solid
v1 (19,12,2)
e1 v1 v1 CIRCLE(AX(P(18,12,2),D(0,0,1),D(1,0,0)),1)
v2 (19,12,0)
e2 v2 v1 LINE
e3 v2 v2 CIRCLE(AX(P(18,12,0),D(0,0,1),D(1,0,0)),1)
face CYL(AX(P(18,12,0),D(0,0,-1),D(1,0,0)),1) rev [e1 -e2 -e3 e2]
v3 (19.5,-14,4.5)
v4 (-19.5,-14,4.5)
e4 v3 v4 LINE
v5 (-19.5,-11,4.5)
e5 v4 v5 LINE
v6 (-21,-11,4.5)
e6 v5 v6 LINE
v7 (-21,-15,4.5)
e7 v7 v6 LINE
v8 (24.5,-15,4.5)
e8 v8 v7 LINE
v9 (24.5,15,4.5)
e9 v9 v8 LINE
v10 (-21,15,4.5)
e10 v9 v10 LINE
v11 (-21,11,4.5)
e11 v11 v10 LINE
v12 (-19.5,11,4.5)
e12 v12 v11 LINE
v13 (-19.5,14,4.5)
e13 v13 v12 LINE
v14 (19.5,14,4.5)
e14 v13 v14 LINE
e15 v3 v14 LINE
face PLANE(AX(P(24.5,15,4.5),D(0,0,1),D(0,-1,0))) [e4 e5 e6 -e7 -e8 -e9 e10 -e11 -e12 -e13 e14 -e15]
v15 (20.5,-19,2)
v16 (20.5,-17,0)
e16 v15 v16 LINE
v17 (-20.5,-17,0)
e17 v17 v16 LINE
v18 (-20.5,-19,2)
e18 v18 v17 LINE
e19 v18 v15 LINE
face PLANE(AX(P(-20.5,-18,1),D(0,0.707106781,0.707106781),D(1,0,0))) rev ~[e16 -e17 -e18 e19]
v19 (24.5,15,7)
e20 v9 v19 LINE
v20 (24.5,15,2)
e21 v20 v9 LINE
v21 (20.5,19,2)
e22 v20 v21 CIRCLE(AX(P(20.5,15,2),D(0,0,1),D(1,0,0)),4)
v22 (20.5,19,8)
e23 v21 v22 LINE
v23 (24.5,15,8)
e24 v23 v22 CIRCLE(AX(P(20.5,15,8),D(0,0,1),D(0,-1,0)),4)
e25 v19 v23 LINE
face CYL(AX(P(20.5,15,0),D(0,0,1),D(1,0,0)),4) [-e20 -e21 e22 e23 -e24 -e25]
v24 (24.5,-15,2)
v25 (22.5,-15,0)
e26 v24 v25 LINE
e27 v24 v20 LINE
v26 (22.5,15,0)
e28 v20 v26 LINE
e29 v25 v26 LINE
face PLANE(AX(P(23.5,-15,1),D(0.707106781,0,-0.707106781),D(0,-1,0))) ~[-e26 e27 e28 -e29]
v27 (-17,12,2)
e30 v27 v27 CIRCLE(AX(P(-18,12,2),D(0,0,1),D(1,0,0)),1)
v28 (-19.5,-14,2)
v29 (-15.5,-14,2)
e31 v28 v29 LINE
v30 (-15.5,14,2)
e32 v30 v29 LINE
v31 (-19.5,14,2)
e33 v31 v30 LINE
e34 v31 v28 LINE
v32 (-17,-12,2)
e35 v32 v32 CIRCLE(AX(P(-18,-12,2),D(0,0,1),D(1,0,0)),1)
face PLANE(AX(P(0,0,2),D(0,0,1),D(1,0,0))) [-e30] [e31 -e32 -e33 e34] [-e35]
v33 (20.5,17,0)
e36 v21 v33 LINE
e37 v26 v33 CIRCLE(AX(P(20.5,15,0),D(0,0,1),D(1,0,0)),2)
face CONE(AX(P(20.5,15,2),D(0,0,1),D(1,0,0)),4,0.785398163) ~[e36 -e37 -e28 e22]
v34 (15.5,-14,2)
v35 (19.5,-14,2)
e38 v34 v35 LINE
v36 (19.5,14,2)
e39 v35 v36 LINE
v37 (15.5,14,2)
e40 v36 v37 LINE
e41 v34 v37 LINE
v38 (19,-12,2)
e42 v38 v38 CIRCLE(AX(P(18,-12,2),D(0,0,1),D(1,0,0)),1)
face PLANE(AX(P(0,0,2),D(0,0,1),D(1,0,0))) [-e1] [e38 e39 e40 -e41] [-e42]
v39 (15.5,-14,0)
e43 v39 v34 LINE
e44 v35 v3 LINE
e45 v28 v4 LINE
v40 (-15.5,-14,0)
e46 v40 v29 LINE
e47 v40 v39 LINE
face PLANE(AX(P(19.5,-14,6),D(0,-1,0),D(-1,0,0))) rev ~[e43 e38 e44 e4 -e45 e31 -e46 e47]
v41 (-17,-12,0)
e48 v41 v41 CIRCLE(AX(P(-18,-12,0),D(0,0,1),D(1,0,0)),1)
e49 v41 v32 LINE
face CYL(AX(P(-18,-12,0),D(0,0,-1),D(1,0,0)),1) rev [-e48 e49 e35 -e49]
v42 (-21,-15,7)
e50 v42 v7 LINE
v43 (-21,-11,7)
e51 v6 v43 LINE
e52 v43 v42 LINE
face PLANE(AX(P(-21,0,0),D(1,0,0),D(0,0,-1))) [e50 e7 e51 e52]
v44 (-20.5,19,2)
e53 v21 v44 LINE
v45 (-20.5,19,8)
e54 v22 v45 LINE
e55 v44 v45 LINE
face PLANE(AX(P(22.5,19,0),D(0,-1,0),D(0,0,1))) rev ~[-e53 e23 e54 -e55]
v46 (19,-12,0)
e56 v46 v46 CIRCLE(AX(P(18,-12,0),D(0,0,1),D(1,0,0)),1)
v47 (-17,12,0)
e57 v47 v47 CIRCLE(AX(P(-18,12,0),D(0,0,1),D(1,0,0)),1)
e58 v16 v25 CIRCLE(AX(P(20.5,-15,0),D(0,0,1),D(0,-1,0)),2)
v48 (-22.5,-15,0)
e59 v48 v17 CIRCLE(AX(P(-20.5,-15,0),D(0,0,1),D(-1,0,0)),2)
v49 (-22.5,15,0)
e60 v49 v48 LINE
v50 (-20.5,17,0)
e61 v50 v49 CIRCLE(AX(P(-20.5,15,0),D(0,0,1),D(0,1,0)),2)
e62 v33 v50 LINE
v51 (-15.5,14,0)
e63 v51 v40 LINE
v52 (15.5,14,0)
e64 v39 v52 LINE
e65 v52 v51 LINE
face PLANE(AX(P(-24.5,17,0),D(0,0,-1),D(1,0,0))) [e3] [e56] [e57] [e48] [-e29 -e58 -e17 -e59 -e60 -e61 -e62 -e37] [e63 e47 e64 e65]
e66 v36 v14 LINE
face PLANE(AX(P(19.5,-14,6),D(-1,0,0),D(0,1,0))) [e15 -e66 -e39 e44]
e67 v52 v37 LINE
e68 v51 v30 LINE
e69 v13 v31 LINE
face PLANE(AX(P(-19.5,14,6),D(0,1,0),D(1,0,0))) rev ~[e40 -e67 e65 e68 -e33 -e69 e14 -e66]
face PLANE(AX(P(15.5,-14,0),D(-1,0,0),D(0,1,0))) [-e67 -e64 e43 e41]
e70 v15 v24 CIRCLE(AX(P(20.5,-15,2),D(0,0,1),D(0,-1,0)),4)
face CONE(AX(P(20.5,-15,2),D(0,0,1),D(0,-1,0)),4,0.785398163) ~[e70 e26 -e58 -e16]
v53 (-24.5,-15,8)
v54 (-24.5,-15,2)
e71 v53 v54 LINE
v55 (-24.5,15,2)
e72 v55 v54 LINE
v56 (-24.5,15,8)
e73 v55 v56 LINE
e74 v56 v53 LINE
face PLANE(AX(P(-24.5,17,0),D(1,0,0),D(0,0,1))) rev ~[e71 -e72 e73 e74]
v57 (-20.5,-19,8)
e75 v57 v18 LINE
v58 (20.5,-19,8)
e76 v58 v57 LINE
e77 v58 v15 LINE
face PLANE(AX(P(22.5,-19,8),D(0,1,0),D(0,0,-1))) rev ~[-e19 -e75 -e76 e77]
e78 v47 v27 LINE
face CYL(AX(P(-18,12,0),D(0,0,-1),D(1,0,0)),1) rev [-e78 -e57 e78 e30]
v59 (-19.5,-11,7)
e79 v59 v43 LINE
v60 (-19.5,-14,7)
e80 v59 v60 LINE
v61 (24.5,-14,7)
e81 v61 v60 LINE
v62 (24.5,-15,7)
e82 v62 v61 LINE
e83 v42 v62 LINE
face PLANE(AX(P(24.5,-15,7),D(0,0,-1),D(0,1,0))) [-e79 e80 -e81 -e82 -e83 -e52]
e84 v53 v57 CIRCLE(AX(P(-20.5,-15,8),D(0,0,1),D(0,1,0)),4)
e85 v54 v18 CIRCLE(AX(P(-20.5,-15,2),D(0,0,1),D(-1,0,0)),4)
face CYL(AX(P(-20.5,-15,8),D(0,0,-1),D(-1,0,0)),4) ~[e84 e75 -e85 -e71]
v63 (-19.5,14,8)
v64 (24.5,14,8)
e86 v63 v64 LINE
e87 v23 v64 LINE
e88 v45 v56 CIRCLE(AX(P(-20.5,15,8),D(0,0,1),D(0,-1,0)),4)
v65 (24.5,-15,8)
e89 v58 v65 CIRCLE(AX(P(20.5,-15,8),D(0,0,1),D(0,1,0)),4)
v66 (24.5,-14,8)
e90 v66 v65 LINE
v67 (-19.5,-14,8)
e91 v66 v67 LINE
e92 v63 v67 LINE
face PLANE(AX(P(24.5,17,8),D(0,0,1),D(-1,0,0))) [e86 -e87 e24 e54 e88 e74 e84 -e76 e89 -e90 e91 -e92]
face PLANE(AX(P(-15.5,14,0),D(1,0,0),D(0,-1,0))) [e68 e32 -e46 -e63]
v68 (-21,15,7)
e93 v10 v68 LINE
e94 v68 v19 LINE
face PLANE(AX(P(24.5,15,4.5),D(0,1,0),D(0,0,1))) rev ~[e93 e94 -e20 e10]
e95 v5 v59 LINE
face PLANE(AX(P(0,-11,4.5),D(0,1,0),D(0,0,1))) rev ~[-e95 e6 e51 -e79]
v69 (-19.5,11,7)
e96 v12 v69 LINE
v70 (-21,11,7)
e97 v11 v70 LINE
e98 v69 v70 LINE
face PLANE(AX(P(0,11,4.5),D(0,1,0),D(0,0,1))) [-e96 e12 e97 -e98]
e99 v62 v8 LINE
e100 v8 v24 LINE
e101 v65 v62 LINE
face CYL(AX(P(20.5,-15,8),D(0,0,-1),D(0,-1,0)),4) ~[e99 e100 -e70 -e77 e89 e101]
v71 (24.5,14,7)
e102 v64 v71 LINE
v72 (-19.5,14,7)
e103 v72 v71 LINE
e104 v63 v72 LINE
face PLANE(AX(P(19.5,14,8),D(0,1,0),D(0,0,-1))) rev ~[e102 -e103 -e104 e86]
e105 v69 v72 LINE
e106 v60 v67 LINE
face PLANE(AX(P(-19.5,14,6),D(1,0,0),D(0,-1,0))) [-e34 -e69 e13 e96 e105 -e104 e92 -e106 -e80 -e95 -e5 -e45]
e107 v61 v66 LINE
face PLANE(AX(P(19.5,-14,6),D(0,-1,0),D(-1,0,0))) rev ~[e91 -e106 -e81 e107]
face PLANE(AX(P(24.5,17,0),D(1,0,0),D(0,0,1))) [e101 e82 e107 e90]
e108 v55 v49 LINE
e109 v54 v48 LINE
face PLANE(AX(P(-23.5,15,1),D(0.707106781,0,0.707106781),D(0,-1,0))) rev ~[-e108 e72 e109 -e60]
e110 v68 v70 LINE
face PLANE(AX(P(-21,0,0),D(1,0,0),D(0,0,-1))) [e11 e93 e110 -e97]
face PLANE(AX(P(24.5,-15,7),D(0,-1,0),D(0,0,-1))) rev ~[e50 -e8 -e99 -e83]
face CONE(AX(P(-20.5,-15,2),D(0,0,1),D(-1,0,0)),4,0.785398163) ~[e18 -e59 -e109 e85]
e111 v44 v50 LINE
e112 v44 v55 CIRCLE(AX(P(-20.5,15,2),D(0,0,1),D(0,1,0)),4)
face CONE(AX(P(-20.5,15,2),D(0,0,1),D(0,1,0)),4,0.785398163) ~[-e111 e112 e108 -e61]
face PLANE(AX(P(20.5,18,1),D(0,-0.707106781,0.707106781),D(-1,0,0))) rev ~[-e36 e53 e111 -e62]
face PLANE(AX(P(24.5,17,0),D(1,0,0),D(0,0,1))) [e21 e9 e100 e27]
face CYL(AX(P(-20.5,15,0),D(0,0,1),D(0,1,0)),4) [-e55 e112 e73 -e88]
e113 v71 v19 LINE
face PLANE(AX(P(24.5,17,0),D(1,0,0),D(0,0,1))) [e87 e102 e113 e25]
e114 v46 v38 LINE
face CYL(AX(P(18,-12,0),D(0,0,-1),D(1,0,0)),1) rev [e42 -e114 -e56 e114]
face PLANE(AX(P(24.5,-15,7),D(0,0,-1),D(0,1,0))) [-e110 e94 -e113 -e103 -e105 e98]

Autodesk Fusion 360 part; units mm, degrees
sketch "Skizze1" plane through (0, 0, 0) normal (0, 0, 1) x (1, 0, 0)
  line L0 (19.5, 14) -> (-19.5, 14)
  line L1 (-19.5, 14) -> (-19.5, -14)
  line L2 (-19.5, -14) -> (19.5, -14)
  line L3 (19.5, -14) -> (19.5, 14)
  line L4 (19.5, 14) -> (-19.5, -14) construction
  line L5 (-19.5, 14) -> (19.5, -14) construction
  line L6 (22.5, 17) -> (-22.5, 17)
  line L7 (-22.5, 17) -> (-22.5, -17)
  line L8 (-22.5, -17) -> (22.5, -17)
  line L9 (22.5, -17) -> (22.5, 17)
  line L10 (22.5, 17) -> (-22.5, -17) construction
  line L11 (-22.5, 17) -> (22.5, -17) construction
  line L12 (15.5, 14) -> (-15.5, 14)
  line L13 (-15.5, 14) -> (-15.5, -14)
  line L14 (-15.5, -14) -> (15.5, -14)
  line L15 (15.5, -14) -> (15.5, 14)
  line L16 (15.5, 14) -> (-15.5, -14) construction
  line L17 (-15.5, 14) -> (15.5, -14) construction
  line L18 (-19.5, 14) -> (-18.5, 14)
  circle A0 centre (-18, 12) radius 1
  circle A1 centre (-18, -12) radius 1
  circle A2 centre (18, -12) radius 1
  circle A3 centre (18, 12) radius 1
  dimension "d1" = 39
  dimension "d2" = 28
  dimension "d3" = 45
  dimension "d4" = 34
  dimension "d5" = 31
  dimension "d7" = 2
  dimension "d8" = 2
  dimension "d9" = 2
  dimension "d10" = 2
extrude "Extrusion1" add sketch "Skizze1" along normal blind 6 contours L6 L7 L8 L9
extrude "Extrusion2" add sketch "Skizze1" along normal blind 2 contours L0 L2 L3 L15 | L0 L1 L2 L13 L18
extrude "Extrusion3" add 1 faces at (-6.5, -16, 6) along direction (0, 0, 1) blind 2
extrude "Extrusion4" add 1 faces at (-22.5, -5.6667, 5.3333) along direction (-1, 0, 0) blind 2
extrude "Extrusion5" add 1 faces at (22.5, -5.6667, 2.6667) along direction (1, 0, 0) blind 2
extrude "Extrusion6" add 1 faces at (-8.1667, -17, 5.3333) along direction (0, -1, 0) blind 2
extrude "Extrusion7" add 1 faces at (8.1667, 17, 5.3333) along direction (0, 1, 0) blind 2
fillet "Abrundung1" radius 4 1 edges at (24.5, 19, 4)
fillet "Abrundung2" radius 4 1 edges at (-24.5, 19, 4)
fillet "Abrundung3" radius 4 1 edges at (-24.5, -19, 4)
fillet "Abrundung4" radius 4 1 edges at (24.5, -19, 4)
chamfer "Fase1" distance 2 angle 45 8 edges at (24.5, 0, 0) (23.3284, -17.8284, 0) (0, -19, 0) (-23.3284, -17.8284, 0) (-24.5, 0, 0) (-23.3284, 17.8284, 0) (0, 19, 0) (23.3284, 17.8284, 0)
sketch "Skizze2" plane through (24.5, 0, 0) normal (1, 0, 0) x (0, 0, -1)
  line L0 (-2, -15) -> (-2, 15)
  line L1 (-2, 15) -> (-8, 15)
  line L2 (-8, 15) -> (-8, -15)
  line L3 (-8, -15) -> (-2, -15)
  line L4 (-7, 15) -> (-4.5, 15)
  line L5 (-4.5, 15) -> (-4.5, -15)
  line L6 (-4.5, -15) -> (-7, -15)
  line L7 (-7, -15) -> (-7, 15)
extrude "Extrusion8" cut sketch "Skizze2" against normal blind 44 contours L1 L3 L4 L5 L6 L7
sketch "Skizze3" plane through (0, 0, 0) normal (1, 0, 0) x (0, 0, -1)
  line L0 (-4.5, -14) -> (-2, -14)
  line L1 (-2, -14) -> (-2, 14)
  line L2 (-2, 14) -> (-4.5, 14)
  line L3 (-4.5, 14) -> (-4.5, 15)
  line L4 (-4.5, 15) -> (-7, 15)
  line L5 (-7, 15) -> (-7, 14)
  line L6 (-7, 14) -> (-8, 14)
  line L7 (-8, 14) -> (-8, -14)
  line L8 (-8, -14) -> (-7, -14)
  line L9 (-7, -14) -> (-7, -15)
  line L10 (-7, -15) -> (-4.5, -15)
  line L11 (-4.5, -15) -> (-4.5, -14)
  line L12 (-7, 15) -> (-4.5, 15)
  line L13 (-4.5, 15) -> (-4.5, 11)
  line L14 (-4.5, 11) -> (-7, 11)
  line L15 (-7, 11) -> (-7, 15)
  line L16 (-7, -15) -> (-4.5, -15)
  line L17 (-4.5, -15) -> (-4.5, -11)
  line L18 (-4.5, -11) -> (-7, -11)
  line L19 (-7, -11) -> (-7, -15)
  dimension "d37" = 4
  dimension "d38" = 2.5
  dimension "d39" = 4
  dimension "d40" = 2.5
extrude "Extrusion9" cut sketch "Skizze3" against normal blind 21 contours L9 L10 L11 L16 L17 L18 L19 | L3 L4 L5 L12 L13 L14 L15
sketch "Skizze4" plane through (19.5, 0, 0) normal (-1, 0, 0) x (0, 0, 1)
  line L0 (7, 14) -> (7, -14)
  line L1 (7, -14) -> (8, -14)
  line L2 (8, -14) -> (8, 14)
  line L3 (8, 14) -> (7, 14)
  line L4 (7, 14) -> (8, 14)
  line L5 (8, 14) -> (8, -14)
  line L6 (8, -14) -> (7, -14)
  line L7 (7, -14) -> (7, 14)
extrude "Extrusion10" cut sketch "Skizze4" against normal blind 5
